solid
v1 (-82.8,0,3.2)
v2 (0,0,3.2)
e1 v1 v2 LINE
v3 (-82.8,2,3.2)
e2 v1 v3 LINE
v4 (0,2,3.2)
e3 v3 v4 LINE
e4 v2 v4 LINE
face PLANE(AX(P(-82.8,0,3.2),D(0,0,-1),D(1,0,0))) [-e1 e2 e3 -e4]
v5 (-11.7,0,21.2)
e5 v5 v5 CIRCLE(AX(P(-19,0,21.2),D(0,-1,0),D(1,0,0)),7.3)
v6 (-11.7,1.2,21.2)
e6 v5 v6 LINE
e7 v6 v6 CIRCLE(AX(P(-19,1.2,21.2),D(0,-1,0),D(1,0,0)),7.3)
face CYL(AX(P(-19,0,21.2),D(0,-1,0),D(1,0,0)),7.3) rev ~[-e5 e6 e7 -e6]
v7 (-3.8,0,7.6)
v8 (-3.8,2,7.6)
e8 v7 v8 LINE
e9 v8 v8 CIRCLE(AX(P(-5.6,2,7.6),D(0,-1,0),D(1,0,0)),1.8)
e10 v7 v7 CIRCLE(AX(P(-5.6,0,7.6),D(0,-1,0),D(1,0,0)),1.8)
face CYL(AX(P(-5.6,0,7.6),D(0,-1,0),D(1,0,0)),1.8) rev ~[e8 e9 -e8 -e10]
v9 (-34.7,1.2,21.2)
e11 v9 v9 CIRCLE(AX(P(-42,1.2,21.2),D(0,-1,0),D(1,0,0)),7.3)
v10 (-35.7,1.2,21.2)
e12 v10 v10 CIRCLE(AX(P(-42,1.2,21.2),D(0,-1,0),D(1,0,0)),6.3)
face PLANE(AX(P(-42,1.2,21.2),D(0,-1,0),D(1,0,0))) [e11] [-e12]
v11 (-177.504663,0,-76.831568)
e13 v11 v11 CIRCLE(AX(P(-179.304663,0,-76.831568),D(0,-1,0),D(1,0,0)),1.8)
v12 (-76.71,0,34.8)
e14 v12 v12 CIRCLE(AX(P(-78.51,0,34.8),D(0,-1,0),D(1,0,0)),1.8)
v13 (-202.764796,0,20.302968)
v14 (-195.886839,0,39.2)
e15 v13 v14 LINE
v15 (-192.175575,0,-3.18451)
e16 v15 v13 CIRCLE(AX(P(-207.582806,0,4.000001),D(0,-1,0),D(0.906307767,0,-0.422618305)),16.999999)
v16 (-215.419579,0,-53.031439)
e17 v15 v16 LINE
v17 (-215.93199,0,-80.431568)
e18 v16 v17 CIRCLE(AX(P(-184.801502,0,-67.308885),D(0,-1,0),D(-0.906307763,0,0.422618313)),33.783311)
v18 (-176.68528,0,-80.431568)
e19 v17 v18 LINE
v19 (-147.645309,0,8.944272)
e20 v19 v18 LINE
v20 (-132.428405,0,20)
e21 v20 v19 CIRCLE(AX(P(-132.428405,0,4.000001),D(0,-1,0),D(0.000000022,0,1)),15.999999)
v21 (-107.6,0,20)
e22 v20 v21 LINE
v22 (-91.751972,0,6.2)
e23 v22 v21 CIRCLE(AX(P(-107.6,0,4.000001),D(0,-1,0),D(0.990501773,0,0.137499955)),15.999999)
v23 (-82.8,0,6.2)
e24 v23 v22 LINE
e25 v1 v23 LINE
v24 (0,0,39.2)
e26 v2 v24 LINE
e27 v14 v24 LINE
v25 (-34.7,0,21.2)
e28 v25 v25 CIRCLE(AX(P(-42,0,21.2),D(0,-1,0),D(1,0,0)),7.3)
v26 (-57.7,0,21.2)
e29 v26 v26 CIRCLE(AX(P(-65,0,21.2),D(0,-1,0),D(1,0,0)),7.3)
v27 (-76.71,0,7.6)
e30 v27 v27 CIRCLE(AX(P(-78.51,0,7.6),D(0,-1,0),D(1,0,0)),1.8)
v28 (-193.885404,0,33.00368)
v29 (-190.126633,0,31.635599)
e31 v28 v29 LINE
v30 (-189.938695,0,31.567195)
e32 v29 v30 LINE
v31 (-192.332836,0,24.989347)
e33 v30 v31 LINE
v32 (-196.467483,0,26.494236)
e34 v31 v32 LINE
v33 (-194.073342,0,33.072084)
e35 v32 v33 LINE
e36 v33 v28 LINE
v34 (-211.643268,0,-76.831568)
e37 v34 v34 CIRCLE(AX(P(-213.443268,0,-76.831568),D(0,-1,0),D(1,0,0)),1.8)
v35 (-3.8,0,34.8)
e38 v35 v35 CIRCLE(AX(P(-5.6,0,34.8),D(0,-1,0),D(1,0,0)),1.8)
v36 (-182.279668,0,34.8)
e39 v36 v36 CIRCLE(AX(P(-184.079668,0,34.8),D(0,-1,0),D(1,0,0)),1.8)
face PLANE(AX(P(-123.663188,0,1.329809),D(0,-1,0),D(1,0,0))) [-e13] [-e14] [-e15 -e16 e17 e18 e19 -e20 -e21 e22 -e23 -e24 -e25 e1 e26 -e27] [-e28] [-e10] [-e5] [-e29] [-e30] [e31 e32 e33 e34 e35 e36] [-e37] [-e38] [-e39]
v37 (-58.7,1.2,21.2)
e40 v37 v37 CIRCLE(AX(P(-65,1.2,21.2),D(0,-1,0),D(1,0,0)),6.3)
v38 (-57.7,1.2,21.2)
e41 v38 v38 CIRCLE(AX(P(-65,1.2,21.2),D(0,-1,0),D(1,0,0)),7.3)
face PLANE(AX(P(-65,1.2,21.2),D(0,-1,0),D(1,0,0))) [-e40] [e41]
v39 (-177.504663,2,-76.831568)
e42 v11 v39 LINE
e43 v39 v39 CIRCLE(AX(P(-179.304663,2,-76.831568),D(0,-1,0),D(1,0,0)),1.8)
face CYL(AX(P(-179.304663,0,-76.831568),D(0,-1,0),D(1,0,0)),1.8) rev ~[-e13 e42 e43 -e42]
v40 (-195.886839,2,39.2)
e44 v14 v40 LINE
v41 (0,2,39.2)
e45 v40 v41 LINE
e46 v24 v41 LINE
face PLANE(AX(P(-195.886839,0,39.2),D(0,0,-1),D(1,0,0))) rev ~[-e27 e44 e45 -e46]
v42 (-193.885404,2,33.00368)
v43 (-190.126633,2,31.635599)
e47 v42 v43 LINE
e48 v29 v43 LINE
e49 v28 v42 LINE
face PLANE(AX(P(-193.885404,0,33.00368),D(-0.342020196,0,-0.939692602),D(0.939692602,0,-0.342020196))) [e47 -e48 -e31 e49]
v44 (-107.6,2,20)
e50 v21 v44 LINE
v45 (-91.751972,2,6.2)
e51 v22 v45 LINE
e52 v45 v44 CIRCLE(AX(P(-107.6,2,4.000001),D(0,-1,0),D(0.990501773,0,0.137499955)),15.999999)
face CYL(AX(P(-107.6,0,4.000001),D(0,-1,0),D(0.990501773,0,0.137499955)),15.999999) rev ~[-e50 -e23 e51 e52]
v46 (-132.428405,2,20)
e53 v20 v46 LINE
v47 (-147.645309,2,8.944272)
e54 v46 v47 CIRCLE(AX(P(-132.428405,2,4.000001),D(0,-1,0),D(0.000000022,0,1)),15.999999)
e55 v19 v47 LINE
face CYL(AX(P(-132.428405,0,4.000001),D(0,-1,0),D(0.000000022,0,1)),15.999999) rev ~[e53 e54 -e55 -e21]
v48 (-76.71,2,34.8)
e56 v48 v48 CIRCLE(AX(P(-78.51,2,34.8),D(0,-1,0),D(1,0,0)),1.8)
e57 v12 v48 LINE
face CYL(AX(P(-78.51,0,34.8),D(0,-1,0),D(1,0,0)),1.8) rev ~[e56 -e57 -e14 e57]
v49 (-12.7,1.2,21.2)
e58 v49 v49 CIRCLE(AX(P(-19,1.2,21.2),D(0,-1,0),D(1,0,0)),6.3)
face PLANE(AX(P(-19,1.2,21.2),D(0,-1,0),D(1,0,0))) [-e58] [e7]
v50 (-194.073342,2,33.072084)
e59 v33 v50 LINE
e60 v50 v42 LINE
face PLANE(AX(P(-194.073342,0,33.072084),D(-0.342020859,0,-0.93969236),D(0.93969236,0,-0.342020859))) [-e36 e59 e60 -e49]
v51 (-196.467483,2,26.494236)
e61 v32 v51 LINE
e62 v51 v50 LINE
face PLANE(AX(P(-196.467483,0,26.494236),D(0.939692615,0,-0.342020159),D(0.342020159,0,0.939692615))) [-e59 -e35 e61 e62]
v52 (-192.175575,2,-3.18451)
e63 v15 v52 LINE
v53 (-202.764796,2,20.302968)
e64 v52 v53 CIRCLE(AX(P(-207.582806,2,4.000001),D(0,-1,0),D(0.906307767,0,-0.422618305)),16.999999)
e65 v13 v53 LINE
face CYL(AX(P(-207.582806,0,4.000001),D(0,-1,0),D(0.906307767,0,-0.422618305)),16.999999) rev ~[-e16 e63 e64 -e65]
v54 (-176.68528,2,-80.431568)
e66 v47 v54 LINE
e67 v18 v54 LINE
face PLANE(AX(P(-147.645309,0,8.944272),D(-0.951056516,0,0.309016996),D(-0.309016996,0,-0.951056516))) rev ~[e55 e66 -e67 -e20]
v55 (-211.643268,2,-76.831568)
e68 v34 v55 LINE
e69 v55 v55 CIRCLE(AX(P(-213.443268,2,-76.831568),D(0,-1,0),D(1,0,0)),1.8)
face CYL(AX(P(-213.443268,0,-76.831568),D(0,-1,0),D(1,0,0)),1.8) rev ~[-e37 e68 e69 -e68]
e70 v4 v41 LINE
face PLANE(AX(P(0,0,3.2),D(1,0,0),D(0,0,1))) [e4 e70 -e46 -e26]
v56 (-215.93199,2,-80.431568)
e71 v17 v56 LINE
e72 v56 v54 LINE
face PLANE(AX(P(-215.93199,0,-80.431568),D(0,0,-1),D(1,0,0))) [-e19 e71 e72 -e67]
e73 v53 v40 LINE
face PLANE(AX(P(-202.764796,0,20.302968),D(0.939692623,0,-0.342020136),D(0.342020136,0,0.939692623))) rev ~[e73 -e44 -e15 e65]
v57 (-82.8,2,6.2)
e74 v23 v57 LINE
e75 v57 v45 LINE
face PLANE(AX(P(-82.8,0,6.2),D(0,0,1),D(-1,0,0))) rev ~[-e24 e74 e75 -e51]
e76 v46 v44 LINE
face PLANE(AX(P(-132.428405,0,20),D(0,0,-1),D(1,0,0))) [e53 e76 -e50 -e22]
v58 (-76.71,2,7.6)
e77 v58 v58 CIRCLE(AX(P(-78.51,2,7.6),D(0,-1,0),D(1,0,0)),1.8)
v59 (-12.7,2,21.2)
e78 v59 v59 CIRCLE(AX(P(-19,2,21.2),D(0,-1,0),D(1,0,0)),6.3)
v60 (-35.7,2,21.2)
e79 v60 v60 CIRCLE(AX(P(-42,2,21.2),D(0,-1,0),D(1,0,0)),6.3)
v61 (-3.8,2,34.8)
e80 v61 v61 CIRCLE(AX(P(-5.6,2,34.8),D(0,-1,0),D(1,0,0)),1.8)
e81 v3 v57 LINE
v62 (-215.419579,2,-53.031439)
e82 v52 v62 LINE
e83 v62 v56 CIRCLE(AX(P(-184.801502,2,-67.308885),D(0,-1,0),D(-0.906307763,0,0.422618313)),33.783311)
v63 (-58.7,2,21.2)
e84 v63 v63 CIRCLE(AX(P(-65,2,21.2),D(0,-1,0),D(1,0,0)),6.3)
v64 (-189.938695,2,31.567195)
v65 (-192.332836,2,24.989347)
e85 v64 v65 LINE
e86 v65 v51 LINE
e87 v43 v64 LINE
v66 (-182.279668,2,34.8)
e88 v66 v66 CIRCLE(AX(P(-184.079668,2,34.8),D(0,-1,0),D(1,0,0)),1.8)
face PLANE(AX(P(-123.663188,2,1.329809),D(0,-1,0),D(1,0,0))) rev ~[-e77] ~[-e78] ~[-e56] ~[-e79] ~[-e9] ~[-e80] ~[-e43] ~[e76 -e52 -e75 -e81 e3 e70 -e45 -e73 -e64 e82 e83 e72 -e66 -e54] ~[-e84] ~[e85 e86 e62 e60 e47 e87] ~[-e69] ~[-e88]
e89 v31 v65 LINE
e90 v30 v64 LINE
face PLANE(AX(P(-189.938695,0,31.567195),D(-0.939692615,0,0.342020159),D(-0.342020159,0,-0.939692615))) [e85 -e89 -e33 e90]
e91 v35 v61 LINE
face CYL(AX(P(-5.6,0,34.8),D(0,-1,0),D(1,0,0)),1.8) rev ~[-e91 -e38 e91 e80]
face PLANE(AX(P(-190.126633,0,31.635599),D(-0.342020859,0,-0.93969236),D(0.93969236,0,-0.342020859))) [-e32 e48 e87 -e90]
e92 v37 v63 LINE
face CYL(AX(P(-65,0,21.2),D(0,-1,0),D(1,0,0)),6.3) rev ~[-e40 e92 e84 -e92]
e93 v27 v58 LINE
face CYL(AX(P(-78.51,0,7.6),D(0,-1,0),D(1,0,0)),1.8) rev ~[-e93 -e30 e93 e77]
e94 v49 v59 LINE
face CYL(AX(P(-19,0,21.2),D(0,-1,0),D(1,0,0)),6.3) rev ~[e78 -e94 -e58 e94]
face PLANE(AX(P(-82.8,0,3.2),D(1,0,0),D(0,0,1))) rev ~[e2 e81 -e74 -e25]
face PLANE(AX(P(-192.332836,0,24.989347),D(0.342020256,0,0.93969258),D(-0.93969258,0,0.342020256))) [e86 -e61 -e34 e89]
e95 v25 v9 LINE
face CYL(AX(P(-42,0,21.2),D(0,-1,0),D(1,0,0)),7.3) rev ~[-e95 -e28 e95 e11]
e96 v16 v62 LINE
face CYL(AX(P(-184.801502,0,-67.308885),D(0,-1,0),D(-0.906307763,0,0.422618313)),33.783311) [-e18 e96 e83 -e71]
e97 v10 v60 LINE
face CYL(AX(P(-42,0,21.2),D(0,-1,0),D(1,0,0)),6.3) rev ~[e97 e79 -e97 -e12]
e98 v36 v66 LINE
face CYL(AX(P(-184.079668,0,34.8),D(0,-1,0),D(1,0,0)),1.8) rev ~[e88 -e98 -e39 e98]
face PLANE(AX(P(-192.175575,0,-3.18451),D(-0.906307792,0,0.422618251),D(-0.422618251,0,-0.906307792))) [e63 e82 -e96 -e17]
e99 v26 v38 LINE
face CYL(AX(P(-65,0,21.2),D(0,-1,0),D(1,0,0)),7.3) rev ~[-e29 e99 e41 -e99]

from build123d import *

# Parameters (mm, degrees)
SKETCH076_R      = 7.3
EXTRUDE077_DEPTH = 1.2
SKETCH074_R      = 1.8
SKETCH074_R_2    = 6.3
EXTRUDE076_DEPTH = 2


with BuildPart() as extrude_lato_sx_pistola_scavi_pulsanti:
    # Sketch076 → Extrude077 (new body)
    with BuildSketch(Plane.XZ):
        with Locations((-65, 21.2)):
            Circle(SKETCH076_R)
        with Locations((-42, 21.2)):
            Circle(SKETCH076_R)
        with Locations((-19, 21.2)):
            Circle(SKETCH076_R)
    extrude(amount=-EXTRUDE077_DEPTH)


with BuildPart() as cut044:
    # Sketch074 → Extrude076 (new body)
    with BuildSketch(Plane.XZ):
        with BuildLine():
            Line((-82.8, 3.2), (0, 3.2))
            Line((0, 3.2), (0, 39.2))
            Line((-195.886839, 39.2), (0, 39.2))
            Line((-202.764796, 20.302968), (-195.886839, 39.2))
            ThreePointArc((-192.175575, -3.18451), (-192.085048, 10.987093), (-202.764796, 20.302968))
            Line((-192.175575, -3.18451), (-215.419579, -53.031439))
            ThreePointArc((-215.419579, -53.031439), (-218.578907, -66.677212), (-215.93199, -80.431568))
            Line((-215.93199, -80.431568), (-176.68528, -80.431568))
            Line((-147.645309, 8.944272), (-176.68528, -80.431568))
            ThreePointArc((-132.428405, 20), (-141.832969, 16.944272), (-147.645309, 8.944272))
            Line((-132.428405, 20), (-107.6, 20))
            ThreePointArc((-91.751972, 6.2), (-97.09286, 16.066483), (-107.6, 20))
            Line((-82.8, 6.2), (-91.751972, 6.2))
            Line((-82.8, 3.2), (-82.8, 6.2))
        make_face()
        with Locations((-213.443268, -76.831568)):
            Circle(SKETCH074_R, mode=Mode.SUBTRACT)
        with Locations((-179.304663, -76.831568)):
            Circle(SKETCH074_R, mode=Mode.SUBTRACT)
        with Locations((-184.079668, 34.8)):
            Circle(SKETCH074_R, mode=Mode.SUBTRACT)
        with Locations((-78.51, 34.8)):
            Circle(SKETCH074_R, mode=Mode.SUBTRACT)
        with Locations((-78.51, 7.6)):
            Circle(SKETCH074_R, mode=Mode.SUBTRACT)
        with Locations((-5.6, 34.8)):
            Circle(SKETCH074_R, mode=Mode.SUBTRACT)
        with Locations((-5.6, 7.6)):
            Circle(SKETCH074_R, mode=Mode.SUBTRACT)
        with Locations((-19, 21.2)):
            Circle(SKETCH074_R_2, mode=Mode.SUBTRACT)
        with Locations((-42, 21.2)):
            Circle(SKETCH074_R_2, mode=Mode.SUBTRACT)
        with Locations((-65, 21.2)):
            Circle(SKETCH074_R_2, mode=Mode.SUBTRACT)
        Polygon((-189.938695, 31.567195), (-192.332836, 24.989347), (-196.467483, 26.494236), (-194.073342, 33.072084), (-193.885404, 33.00368), (-190.126633, 31.635599), align=None, mode=Mode.SUBTRACT)
    extrude(amount=-EXTRUDE076_DEPTH)

    # Cut044: cut Extrude lato sx pistola - scavi pulsanti
    add(extrude_lato_sx_pistola_scavi_pulsanti.part, mode=Mode.SUBTRACT)


solid = cut044.part
